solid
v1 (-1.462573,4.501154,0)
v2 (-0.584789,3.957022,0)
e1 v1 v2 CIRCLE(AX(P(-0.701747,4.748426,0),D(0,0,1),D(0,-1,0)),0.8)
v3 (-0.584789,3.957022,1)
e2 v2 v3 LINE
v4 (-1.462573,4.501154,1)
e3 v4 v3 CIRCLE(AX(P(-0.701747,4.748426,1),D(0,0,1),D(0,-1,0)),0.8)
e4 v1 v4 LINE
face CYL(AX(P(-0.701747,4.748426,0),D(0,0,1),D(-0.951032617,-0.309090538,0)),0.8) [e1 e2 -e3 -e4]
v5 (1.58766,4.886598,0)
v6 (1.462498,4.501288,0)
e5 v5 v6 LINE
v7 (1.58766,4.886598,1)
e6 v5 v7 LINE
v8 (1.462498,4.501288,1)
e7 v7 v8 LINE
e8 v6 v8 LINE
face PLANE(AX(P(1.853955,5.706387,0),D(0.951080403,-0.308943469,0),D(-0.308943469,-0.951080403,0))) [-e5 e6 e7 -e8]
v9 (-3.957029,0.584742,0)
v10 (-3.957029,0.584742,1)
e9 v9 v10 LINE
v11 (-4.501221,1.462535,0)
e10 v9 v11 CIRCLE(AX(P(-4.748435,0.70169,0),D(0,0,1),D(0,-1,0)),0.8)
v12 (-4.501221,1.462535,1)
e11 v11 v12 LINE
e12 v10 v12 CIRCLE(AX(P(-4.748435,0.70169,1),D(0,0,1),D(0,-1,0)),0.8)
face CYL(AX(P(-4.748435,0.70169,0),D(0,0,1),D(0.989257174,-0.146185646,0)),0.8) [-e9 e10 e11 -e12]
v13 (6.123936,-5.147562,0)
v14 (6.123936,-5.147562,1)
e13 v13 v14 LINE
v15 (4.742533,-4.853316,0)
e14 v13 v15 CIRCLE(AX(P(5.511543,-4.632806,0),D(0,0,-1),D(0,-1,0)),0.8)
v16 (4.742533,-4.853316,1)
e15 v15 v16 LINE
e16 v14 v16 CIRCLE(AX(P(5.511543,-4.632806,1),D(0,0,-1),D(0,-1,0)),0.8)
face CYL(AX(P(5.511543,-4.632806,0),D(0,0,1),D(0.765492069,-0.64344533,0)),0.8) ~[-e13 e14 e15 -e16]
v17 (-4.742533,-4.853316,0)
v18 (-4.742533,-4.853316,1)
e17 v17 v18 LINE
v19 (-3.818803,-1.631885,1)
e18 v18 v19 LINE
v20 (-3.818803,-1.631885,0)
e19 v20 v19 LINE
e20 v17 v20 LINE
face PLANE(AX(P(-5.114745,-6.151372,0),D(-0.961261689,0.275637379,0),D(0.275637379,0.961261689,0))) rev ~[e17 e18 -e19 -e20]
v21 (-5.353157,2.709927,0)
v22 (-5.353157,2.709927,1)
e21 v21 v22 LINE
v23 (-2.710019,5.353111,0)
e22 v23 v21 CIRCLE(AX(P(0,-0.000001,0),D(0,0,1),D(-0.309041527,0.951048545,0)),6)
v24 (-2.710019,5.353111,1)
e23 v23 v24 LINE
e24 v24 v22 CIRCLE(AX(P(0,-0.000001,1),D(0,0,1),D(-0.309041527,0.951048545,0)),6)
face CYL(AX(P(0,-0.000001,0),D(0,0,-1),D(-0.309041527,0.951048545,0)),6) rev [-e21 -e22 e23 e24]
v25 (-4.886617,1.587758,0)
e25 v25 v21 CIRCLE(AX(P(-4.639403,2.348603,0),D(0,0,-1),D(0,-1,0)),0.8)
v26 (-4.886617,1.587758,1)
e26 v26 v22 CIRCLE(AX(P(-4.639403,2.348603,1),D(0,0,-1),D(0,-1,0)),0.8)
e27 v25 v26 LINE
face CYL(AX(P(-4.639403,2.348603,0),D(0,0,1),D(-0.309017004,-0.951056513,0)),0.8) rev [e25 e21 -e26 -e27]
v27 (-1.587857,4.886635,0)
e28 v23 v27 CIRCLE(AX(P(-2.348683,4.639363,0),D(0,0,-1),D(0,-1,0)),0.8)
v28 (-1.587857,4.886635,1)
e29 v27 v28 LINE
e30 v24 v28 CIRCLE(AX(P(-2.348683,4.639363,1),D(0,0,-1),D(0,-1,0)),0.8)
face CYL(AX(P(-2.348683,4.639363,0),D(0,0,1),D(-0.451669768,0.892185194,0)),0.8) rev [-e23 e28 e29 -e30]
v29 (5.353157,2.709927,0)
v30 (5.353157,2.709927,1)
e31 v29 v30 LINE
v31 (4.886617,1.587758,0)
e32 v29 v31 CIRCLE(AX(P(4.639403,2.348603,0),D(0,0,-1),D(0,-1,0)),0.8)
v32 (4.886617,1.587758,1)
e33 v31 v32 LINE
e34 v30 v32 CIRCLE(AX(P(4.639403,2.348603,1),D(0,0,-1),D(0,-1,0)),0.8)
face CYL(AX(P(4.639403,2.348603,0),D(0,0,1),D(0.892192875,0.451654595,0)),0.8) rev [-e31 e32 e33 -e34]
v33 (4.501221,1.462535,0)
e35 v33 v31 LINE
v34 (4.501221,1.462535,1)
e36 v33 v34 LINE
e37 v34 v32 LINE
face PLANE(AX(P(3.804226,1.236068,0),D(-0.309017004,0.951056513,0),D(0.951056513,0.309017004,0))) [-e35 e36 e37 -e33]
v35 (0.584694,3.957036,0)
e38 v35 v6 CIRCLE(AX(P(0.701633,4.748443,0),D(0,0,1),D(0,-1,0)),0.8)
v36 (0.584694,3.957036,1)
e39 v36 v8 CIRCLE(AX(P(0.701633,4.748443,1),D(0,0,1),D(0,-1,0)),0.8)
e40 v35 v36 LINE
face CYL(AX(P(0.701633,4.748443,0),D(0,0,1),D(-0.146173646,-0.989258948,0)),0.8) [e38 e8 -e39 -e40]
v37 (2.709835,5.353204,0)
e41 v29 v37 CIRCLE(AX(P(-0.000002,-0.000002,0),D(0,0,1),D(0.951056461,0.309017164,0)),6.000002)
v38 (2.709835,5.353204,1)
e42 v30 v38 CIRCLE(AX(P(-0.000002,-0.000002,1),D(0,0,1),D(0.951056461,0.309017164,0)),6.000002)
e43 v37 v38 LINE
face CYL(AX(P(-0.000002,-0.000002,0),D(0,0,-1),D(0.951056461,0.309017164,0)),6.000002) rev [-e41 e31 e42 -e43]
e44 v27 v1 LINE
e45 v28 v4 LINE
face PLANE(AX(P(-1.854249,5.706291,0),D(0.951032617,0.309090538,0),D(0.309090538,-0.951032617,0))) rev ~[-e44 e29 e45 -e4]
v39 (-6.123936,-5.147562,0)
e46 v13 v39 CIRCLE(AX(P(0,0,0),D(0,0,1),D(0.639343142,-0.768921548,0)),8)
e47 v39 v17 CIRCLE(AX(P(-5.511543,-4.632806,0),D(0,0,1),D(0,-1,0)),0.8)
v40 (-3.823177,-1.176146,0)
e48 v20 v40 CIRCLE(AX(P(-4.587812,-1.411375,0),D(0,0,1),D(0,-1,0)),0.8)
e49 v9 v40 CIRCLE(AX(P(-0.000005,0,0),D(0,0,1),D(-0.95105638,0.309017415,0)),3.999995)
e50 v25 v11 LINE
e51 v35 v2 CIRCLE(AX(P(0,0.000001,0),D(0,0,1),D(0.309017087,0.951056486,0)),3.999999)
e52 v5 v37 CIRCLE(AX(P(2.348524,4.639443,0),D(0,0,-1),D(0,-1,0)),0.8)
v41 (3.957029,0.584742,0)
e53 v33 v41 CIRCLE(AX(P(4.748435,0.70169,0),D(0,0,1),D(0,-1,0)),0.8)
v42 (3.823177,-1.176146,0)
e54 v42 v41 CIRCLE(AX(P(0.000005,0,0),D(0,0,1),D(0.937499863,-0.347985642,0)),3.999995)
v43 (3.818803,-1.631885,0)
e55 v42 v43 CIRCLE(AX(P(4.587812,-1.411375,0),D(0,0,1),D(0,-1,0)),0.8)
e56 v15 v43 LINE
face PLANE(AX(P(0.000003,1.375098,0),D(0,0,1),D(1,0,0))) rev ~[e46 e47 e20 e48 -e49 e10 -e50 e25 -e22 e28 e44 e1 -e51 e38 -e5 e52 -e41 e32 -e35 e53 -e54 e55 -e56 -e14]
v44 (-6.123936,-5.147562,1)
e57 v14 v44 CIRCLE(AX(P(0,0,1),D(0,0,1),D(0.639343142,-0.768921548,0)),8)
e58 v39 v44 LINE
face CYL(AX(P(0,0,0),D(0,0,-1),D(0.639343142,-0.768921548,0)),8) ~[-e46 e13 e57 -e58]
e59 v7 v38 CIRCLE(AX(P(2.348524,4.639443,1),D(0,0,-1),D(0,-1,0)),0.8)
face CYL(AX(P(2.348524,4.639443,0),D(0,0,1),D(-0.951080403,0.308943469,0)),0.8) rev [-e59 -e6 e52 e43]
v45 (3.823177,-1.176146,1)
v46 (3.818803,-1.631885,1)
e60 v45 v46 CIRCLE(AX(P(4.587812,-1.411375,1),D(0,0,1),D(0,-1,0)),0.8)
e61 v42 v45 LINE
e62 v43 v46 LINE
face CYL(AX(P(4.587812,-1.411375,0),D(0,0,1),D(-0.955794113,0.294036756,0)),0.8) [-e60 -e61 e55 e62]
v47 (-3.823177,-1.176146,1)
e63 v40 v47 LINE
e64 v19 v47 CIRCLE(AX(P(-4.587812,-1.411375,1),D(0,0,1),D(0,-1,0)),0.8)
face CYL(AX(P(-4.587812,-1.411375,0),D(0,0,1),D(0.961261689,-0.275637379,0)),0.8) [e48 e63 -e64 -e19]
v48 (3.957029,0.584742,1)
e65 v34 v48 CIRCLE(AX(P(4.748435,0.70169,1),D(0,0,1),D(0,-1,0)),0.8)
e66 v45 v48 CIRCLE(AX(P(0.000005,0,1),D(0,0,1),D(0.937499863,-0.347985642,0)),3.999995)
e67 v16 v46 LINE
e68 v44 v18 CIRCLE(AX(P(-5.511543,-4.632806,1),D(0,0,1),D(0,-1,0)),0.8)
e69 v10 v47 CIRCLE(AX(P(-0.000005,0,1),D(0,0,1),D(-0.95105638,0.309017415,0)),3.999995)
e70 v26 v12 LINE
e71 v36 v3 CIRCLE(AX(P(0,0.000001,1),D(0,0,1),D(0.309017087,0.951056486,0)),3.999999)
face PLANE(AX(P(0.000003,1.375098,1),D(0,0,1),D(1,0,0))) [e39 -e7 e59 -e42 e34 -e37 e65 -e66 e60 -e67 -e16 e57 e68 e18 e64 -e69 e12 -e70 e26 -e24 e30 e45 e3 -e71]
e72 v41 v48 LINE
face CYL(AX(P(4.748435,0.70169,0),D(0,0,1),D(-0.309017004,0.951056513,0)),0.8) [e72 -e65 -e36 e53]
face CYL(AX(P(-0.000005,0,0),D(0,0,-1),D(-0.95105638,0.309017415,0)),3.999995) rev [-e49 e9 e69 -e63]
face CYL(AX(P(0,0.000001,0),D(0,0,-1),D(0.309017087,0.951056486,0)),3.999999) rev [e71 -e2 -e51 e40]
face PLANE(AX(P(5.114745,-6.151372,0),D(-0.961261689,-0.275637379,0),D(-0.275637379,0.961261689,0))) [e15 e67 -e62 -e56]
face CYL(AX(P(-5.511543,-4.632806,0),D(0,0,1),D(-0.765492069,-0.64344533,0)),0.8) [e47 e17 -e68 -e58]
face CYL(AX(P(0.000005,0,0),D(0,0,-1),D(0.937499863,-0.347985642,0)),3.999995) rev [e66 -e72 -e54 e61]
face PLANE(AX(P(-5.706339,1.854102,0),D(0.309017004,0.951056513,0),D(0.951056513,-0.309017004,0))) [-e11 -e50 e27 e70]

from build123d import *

# Parameters (mm, degrees)
PAD_DEPTH = 1
FILLET_R  = 0.8


with BuildPart() as part:
    # Sketch → Pad (new body)
    with BuildSketch(Plane.XY):
        with BuildLine():
            ThreePointArc((5.114745, -6.151372), (0, 8), (-5.114745, -6.151372))
            Line((-5.114745, -6.151372), (-3.75, -1.391941))
            ThreePointArc((-3.804226, 1.236068), (-3.999149, -0.082518), (-3.75, -1.391941))
            Line((-5.706339, 1.854102), (-3.804226, 1.236068))
            ThreePointArc((-1.854249, 5.706291), (-4.242695, 4.242586), (-5.706339, 1.854102))
            Line((-1.854249, 5.706291), (-1.236068, 3.804226))
            ThreePointArc((1.236068, 3.804226), (0, 4), (-1.236068, 3.804226))
            Line((1.853955, 5.706387), (1.236068, 3.804226))
            ThreePointArc((5.706339, 1.854102), (4.242586, 4.242695), (1.853955, 5.706387))
            Line((3.804226, 1.236068), (5.706339, 1.854102))
            ThreePointArc((3.75, -1.391941), (3.999149, -0.082518), (3.804226, 1.236068))
            Line((5.114745, -6.151372), (3.75, -1.391941))
        make_face()
    extrude(amount=PAD_DEPTH)

    # Fillet
    fillet_edges = [part.edges().sort_by_distance(p)[0] for p in [
        (-5.114745, -6.151372, 0.5),
        (-3.75, -1.391941, 0.5),
        (-3.804226, 1.236068, 0.5),
        (-5.706339, 1.854102, 0.5),
        (-1.854249, 5.706291, 0.5),
        (-1.236068, 3.804226, 0.5),
        (1.236068, 3.804226, 0.5),
        (1.853955, 5.706387, 0.5),
        (5.706339, 1.854102, 0.5),
        (3.804226, 1.236068, 0.5),
        (3.75, -1.391941, 0.5),
        (5.114745, -6.151372, 0.5),
    ]]
    fillet(fillet_edges, radius=FILLET_R)


solid = part.part
